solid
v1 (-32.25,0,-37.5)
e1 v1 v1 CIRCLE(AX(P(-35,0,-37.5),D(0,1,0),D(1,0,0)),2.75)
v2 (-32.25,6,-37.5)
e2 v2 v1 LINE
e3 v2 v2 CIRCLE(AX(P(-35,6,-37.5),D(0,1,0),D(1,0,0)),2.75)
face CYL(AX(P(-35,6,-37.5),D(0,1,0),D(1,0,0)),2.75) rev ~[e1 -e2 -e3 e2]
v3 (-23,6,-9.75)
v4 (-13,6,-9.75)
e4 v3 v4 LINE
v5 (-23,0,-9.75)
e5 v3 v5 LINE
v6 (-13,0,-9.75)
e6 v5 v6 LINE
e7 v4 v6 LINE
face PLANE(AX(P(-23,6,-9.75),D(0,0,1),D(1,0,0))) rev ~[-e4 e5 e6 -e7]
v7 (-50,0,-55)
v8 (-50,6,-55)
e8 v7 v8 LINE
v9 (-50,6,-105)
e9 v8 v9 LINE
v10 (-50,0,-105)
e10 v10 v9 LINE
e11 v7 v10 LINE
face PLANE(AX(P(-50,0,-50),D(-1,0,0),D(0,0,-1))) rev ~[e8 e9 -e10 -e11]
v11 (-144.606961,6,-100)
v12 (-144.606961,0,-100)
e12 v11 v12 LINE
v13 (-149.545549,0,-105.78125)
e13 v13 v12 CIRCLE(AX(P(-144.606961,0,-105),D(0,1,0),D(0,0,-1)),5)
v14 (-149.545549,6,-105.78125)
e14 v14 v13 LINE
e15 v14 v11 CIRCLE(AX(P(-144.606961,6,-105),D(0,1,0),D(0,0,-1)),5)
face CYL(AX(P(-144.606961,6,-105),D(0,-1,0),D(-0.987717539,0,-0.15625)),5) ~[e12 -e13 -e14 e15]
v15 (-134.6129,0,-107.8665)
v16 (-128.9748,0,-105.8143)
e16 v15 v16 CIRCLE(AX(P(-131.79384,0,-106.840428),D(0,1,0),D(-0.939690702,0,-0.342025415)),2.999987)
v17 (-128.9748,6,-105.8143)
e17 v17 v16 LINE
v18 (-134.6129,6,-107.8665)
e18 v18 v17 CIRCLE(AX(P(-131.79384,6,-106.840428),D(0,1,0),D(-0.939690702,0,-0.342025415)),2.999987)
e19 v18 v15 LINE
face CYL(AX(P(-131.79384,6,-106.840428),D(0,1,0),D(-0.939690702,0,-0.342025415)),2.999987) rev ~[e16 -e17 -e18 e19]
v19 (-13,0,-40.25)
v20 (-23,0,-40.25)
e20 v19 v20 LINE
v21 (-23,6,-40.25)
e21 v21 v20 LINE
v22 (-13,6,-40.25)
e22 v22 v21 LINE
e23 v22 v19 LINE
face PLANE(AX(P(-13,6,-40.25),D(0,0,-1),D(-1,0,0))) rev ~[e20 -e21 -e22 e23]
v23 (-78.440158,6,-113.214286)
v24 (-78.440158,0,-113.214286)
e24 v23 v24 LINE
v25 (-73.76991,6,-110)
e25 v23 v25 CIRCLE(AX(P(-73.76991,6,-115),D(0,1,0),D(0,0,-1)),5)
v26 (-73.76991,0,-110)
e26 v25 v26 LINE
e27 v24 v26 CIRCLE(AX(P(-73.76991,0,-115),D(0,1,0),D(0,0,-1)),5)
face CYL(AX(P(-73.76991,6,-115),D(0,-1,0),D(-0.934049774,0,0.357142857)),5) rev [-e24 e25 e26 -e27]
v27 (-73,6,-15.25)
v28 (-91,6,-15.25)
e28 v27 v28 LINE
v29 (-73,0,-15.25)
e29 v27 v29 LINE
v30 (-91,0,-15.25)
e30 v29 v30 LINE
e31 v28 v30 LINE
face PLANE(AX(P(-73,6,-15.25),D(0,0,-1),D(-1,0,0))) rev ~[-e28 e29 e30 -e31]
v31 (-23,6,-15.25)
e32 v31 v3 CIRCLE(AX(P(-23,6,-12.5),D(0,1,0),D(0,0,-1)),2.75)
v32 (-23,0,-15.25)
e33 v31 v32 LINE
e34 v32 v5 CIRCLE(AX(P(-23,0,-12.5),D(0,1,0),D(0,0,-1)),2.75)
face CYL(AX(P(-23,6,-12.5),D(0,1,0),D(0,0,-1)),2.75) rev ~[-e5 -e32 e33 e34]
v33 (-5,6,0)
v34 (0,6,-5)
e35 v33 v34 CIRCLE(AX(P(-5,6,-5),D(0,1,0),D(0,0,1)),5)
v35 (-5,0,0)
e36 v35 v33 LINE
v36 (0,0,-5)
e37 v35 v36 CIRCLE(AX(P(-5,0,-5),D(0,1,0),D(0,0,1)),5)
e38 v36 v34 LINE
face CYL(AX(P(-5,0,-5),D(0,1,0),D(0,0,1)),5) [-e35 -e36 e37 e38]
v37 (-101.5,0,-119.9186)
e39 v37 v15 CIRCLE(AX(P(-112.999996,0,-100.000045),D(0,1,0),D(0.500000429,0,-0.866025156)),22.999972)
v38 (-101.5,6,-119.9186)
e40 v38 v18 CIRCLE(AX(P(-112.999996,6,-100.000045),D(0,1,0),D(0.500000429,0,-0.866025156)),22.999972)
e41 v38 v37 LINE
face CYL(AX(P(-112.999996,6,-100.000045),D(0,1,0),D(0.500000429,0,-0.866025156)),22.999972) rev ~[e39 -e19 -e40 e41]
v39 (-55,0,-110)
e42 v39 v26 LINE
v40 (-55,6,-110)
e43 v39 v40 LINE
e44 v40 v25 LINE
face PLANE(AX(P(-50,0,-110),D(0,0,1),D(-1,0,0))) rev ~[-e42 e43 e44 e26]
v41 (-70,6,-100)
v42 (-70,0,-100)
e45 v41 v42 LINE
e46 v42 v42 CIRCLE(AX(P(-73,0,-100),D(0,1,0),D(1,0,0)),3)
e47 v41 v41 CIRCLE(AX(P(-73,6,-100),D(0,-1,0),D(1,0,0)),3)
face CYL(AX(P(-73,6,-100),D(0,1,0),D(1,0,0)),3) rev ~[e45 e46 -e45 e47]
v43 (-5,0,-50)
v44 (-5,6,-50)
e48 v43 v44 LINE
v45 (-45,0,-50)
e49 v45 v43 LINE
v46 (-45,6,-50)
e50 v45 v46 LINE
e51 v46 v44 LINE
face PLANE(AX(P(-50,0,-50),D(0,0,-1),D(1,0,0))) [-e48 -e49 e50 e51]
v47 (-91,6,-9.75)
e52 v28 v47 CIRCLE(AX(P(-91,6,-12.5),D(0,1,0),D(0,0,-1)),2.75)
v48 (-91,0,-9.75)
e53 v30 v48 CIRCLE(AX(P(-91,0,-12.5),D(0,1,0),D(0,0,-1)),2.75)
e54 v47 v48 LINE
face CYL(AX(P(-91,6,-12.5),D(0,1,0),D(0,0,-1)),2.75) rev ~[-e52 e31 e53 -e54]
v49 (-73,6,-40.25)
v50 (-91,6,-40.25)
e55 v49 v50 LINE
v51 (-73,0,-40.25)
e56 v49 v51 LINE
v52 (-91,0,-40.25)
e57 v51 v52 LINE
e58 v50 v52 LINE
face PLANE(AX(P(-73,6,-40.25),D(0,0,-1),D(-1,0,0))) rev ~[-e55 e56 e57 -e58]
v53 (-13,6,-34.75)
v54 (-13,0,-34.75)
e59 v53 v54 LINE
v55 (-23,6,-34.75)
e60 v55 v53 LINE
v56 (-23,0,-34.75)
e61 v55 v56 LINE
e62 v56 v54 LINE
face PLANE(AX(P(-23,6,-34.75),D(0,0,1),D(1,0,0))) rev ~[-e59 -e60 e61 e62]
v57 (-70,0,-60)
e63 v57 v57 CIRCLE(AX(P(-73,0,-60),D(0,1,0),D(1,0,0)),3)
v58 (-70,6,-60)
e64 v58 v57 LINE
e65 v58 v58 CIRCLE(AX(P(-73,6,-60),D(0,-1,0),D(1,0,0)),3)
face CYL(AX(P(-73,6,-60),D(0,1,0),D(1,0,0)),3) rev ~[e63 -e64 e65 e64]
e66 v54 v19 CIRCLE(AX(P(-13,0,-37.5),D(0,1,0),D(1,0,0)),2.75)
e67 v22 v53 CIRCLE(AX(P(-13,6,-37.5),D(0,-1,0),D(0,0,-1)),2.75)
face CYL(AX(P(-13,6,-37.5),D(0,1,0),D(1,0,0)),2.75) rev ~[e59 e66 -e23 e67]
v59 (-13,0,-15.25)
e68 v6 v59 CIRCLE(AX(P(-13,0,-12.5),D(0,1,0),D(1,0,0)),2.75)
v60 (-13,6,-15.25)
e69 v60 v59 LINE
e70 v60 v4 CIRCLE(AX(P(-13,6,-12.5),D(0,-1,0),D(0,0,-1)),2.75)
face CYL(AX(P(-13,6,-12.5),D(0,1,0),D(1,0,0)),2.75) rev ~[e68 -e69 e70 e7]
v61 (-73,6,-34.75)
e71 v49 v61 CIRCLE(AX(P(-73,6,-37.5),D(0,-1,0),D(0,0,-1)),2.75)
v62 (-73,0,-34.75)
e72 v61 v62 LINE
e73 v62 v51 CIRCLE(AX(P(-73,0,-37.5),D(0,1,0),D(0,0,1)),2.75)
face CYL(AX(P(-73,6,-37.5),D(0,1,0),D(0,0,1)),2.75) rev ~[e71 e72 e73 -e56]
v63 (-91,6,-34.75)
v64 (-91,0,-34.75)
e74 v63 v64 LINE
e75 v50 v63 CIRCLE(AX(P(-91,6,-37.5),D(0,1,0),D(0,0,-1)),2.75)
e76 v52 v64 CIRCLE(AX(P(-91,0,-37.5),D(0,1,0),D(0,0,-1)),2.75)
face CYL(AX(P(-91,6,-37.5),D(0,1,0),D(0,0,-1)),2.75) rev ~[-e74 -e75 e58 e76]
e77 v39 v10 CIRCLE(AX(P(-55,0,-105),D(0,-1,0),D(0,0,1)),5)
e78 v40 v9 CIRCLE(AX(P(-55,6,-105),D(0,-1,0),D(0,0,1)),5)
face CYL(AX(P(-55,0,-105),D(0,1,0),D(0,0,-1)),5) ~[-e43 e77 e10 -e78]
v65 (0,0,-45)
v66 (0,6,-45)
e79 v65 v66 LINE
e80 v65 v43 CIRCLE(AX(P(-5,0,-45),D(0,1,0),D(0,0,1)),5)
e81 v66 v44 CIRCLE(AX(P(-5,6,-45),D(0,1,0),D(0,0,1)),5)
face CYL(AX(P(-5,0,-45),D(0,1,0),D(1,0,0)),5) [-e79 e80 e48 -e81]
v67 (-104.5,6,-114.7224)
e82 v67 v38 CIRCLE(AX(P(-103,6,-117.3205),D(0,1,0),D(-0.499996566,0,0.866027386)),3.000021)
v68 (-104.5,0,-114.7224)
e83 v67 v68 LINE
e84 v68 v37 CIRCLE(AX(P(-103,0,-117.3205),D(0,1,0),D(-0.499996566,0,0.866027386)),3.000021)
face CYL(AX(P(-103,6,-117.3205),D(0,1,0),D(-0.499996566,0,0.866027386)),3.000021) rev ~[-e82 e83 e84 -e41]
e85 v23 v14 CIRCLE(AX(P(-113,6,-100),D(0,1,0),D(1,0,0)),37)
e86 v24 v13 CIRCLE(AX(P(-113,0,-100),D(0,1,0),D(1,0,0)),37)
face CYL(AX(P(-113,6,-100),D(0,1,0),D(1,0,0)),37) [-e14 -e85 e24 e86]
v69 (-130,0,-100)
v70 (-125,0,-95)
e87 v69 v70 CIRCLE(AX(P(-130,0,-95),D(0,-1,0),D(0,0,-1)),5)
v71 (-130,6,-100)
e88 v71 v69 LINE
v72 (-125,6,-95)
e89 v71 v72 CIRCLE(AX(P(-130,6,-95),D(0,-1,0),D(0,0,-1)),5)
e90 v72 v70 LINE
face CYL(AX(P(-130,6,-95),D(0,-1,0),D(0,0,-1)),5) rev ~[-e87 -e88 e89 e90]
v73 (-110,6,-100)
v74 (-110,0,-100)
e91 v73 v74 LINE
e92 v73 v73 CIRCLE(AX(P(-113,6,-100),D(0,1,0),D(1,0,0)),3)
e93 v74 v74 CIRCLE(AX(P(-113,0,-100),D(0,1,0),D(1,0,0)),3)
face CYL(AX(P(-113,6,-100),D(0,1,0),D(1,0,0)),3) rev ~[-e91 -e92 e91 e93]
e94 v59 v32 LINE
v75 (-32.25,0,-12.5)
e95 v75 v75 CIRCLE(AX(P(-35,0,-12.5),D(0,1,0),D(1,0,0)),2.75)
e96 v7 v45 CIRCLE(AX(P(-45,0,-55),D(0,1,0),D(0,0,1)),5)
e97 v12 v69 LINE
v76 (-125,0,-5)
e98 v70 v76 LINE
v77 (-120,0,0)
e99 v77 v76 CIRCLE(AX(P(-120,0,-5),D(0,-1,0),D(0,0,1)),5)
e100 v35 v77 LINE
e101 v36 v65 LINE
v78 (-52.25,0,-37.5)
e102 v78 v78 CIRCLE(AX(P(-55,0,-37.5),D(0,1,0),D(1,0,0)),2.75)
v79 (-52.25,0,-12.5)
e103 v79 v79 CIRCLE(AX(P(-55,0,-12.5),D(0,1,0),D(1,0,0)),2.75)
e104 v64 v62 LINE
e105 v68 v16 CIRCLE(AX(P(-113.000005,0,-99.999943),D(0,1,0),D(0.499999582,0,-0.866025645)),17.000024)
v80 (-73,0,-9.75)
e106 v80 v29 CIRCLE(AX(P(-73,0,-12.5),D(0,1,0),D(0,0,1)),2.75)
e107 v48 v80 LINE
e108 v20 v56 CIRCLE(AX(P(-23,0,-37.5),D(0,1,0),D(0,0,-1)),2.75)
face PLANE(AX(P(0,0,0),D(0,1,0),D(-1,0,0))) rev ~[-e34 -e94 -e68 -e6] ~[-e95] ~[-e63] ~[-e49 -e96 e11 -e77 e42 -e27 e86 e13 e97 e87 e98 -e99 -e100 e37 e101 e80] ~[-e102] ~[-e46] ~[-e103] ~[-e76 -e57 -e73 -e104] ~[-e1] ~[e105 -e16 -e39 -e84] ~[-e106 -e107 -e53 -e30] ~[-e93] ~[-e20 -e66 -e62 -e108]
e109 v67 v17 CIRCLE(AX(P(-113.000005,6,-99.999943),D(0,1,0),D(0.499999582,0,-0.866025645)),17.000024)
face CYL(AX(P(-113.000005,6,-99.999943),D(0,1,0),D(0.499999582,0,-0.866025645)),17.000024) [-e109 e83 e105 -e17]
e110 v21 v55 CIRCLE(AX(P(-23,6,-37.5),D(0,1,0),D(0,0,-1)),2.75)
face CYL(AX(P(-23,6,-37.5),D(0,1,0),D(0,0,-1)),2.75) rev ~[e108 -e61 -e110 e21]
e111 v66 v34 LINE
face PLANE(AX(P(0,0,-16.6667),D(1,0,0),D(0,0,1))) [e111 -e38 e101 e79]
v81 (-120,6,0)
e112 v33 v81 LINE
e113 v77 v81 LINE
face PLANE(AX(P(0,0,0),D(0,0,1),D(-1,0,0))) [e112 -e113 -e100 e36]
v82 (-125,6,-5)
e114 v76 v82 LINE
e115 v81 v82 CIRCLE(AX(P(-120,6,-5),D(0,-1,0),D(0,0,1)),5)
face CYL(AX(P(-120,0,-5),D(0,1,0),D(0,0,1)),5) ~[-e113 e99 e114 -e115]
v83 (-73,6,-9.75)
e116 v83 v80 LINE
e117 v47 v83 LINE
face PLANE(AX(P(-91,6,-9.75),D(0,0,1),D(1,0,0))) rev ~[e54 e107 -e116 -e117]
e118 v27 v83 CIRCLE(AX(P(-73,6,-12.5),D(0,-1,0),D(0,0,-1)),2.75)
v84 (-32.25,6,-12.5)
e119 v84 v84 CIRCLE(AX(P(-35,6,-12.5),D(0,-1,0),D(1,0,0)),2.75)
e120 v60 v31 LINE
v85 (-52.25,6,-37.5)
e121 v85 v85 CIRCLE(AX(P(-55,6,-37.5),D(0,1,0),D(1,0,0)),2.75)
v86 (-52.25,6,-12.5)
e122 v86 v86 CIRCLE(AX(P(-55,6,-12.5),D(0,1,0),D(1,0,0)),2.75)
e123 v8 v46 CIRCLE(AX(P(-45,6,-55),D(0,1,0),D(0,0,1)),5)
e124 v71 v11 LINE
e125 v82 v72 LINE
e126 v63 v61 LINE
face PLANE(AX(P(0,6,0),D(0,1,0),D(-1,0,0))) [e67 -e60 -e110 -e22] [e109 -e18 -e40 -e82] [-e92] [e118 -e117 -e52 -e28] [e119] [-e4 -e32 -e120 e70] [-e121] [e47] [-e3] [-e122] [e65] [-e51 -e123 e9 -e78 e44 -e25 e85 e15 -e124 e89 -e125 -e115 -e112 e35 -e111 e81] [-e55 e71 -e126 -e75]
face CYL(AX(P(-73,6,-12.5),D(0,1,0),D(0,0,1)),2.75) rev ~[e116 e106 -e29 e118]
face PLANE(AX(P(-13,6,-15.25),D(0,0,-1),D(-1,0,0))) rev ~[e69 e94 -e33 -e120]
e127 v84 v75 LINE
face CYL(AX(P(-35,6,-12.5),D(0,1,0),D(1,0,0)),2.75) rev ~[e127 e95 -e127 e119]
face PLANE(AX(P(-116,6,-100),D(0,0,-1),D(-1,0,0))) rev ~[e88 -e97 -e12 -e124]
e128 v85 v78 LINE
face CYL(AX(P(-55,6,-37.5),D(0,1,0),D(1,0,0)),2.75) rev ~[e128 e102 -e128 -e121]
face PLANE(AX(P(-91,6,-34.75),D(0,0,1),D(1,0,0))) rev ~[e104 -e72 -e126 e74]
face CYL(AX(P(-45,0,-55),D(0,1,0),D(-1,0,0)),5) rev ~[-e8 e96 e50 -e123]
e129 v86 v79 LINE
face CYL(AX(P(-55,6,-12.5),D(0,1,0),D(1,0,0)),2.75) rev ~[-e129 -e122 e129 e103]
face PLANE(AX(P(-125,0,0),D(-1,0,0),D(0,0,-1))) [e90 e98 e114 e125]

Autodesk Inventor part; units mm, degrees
ref_plane "YZ Plane" through (0, 0, 0) normal (1, 0, 0) x (0, 1, 0)
ref_plane "XZ Plane" through (0, 0, 0) normal (0, 1, 0) x (-1, 0, 0)
ref_plane "XY Plane" through (0, 0, 0) normal (0, 0, 1) x (1, 0, 0)
sketch "Sketch1" plane through (0, 0, 0) normal (0, 1, 0) x (-1, 0, 0)
  line L0 (0, 0) -> (125, 0)
  line L1 (125, 0) -> (125, -50)
  line L2 (125, -50) -> (0, -50)
  line L3 (0, -50) -> (0, 0)
  line L4 (0, 0) -> (0, -16.6667)
  line L5 (0, -16.6667) -> (6, -16.6667)
  line L6 (125, -50) -> (50, -50)
  line L7 (50, -50) -> (50, -110)
  line L8 (50, -110) -> (125, -110)
  line L9 (125, -110) -> (125, -50)
  point P0 (50, -50)
  dimension "d0" = 125
  dimension "d1" = 50
  dimension "d2" = 16.6667
  dimension "d3" = 6
  dimension "d90" = 75
  dimension "d91" = 60
extrude "Extrusion1" add sketch "Sketch1" along normal blind 6
sketch "Sketch3" plane through (0, 6, 0) normal (0, 1, 0) x (1, 0, 0)
  circle A0 centre (-13, 12.5) radius 2.75
  line L0 (0, 0) -> (0, 50) projected
  line L1 (-125, 0) -> (0, 0) projected
  circle A1 centre (-13, 37.5) radius 2.75
  line L2 (-13, 12.5) -> (-18, 12.5)
  line L3 (-23, 12.5) -> (-13, 12.5) construction
  line L4 (-23, 9.75) -> (-13, 9.75)
  line L5 (-13, 15.25) -> (-23, 15.25)
  arc A2 (-23, 15.25) -> (-23, 9.75) centre (-23, 12.5) ccw
  arc A3 (-13, 9.75) -> (-13, 15.25) centre (-13, 12.5) ccw
  line L6 (-13, 37.5) -> (-18, 37.5)
  line L7 (-13, 37.5) -> (-8, 37.5) construction
  line L8 (-23, 37.5) -> (-13, 37.5) construction
  line L9 (-23, 34.75) -> (-13, 34.75)
  line L10 (-13, 40.25) -> (-23, 40.25)
  arc A4 (-23, 40.25) -> (-23, 34.75) centre (-23, 37.5) ccw
  arc A5 (-13, 34.75) -> (-13, 40.25) centre (-13, 37.5) ccw
  dimension "d21" = 5.5
  dimension "d22" = 13
  dimension "d23" = 12.5
  dimension "d26" = 25
  dimension "d87" = 5
  dimension "d88" = 5
  dimension "d89" = 180
extrude "Extrusion3" cut sketch "Sketch3" against normal through all
sketch "Sketch4" plane through (0, 6, 0) normal (0, 1, 0) x (1, 0, 0)
  arc A0 (-13, 9.75) -> (-13, 15.25) centre (-13, 12.5) ccw projected
  line L0 (-13, 12.5) -> (-73, 12.5)
  line L1 (-73, 12.5) -> (-91, 12.5) construction
  line L2 (-73, 15.25) -> (-91, 15.25)
  line L3 (-91, 9.75) -> (-73, 9.75)
  arc A1 (-73, 9.75) -> (-73, 15.25) centre (-73, 12.5) ccw
  arc A2 (-91, 15.25) -> (-91, 9.75) centre (-91, 12.5) ccw
  point P0 (0, 0)
  point P1 (-82, 12.5)
  dimension "d33" = 60
  dimension "d34" = 18
  dimension "d35" = 5.5
extrude "Extrusion4" cut sketch "Sketch4" against normal through all
pattern_linear "Rectangular Pattern2" count 2 spacing 25 along (0, 0, -1) of "Extrusion4"
sketch "Sketch5" plane through (0, 0, -50) normal (0, 0, -1) x (-1, 0, 0)
  line L0 (125, 0) -> (125, 6) projected
  line L1 (125, 0) -> (0, 0) projected
  line L2 (125, 6) -> (100, 6)
  line L3 (100, 6) -> (100, 0)
  line L4 (100, 0) -> (125, 0)
  line L5 (125, 0) -> (125, 6)
  dimension "d45" = 25
fillet "Fillet2" radius 5 3 edges at (-125, 3, 0) (0, 3, 0) (0, 3, -50)
sketch "Sketch7" plane through (0, 6, 0) normal (0, 1, 0) x (1, 0, 0)
  arc A0 (-13, 9.75) -> (-13, 15.25) centre (-13, 12.5) ccw projected
  line L0 (-13, 12.5) -> (-35, 12.5)
  line L1 (-35, 12.5) -> (-55, 12.5)
  circle A1 centre (-55, 12.5) radius 2.75
  circle A2 centre (-35, 12.5) radius 2.75
  line L2 (0, 5) -> (0, 45) projected
  line L3 (0, 0) -> (0, 45)
  circle A3 centre (-35, 37.5) radius 2.75
  circle A4 centre (-55, 37.5) radius 2.75
  dimension "d55" = 22
  dimension "d56" = 20
  dimension "d57" = 5.5
  dimension "d58" = 5.5
  dimension "d61" = 25
extrude "Extrusion7" cut sketch "Sketch7" against normal through all
sketch "Sketch9" plane through (0, 6, 0) normal (0, 1, 0) x (1, 0, 0)
  point P0 (0, 0)
sketch "Sketch12" plane through (0, 6, 0) normal (0, 1, 0) x (1, 0, 0)
  line L0 (-50, 110) -> (-125, 110) projected
  circle A0 centre (-73, 100) radius 3
  line L1 (-73, 100) -> (-73, 60)
  circle A1 centre (-73, 60) radius 3
  line L2 (-125, 110) -> (-125, 5) projected
  line L3 (-50, 50) -> (-50, 110) projected
  arc A2 (-73, 34.75) -> (-73, 40.25) centre (-73, 37.5) ccw projected
  line L4 (-73, 100) -> (-113, 100)
  circle A3 centre (-113, 100) radius 3
  point P0 (0, 0)
  dimension "d93" = 6
  dimension "d94" = 40
  dimension "d96" = 6
  dimension "d102" = 0
  dimension "d103" = 10
  dimension "d104" = 40
  dimension "d105" = 6
extrude "Extrusion10" cut sketch "Sketch12" against normal through all
fillet "Fillet3" radius 5 2 edges at (-125, 3, -110) (-50, 3, -110)
fillet "Fillet4" radius 5 1 edges at (-50, 3, -50)
sketch "Sketch13" plane through (0, 6, 0) normal (0, 1, 0) x (1, 0, 0)
  circle A0 centre (-113, 100) radius 3 projected
  circle A1 centre (-113, 100) radius 20
  circle A2 centre (-113, 100) radius 37
  circle A3 centre (-73, 100) radius 3 projected
  line L0 (-113, 100) -> (-133, 100)
  line L1 (-133, 100) -> (-150, 100)
  line L2 (-133, 100) -> (-116, 100) construction
  line L3 (-113, 100) -> (-77.377, 110)
  line L4 (-55, 110) -> (-120, 110) projected
  line L5 (-113, 100) -> (-93.7443, 105.4054)
  point P0 (0, 0)
  point P1 (-95.6795, 110)
  point P2 (-110.1116, 100.8108)
  dimension "d108" = 40
  dimension "d109" = 17
  dimension "d110" = 180
extrude "Extrusion11" add sketch "Sketch13" against normal blind 6 contours A0 L0 A1 L3 | L1 A2 L4 A1 picked at (-127.1454, 101.5717)
sketch "Sketch14" plane through (0, 6, 0) normal (0, 1, 0) x (1, 0, 0)
  circle A0 centre (-113, 100) radius 3 projected
  arc A1 (-103, 117.3205) -> (-131.7939, 106.8404) centre (-113, 100) ccw construction
  arc A2 (-101.5, 119.9186) -> (-134.6129, 107.8665) centre (-113, 100) ccw
  arc A3 (-104.5, 114.7224) -> (-128.9748, 105.8143) centre (-113, 100) ccw
  arc A4 (-104.5, 114.7224) -> (-101.5, 119.9186) centre (-103, 117.3205) ccw
  arc A5 (-134.6129, 107.8665) -> (-128.9748, 105.8143) centre (-131.7939, 106.8404) ccw
  line L0 (-113, 100) -> (-131.7939, 106.8404) construction
  line L1 (-113, 100) -> (-93, 100) construction
  line L2 (-113, 100) -> (-103, 117.3205) construction
  point P0 (0, 0)
  dimension "d113" = 20
  dimension "d114" = 160
  dimension "d115" = 100
  dimension "d116" = 6
extrude "Extrusion12" cut sketch "Sketch14" against normal through all contours A4 A3 A5 A2
fillet "Fillet5" radius 5 2 edges at (-150, 3, -100) (-125, 3, -100)
fillet "Fillet6" radius 5 1 edges at (-77.377, 3, -110)
properties part number "CableChain_Plate"
